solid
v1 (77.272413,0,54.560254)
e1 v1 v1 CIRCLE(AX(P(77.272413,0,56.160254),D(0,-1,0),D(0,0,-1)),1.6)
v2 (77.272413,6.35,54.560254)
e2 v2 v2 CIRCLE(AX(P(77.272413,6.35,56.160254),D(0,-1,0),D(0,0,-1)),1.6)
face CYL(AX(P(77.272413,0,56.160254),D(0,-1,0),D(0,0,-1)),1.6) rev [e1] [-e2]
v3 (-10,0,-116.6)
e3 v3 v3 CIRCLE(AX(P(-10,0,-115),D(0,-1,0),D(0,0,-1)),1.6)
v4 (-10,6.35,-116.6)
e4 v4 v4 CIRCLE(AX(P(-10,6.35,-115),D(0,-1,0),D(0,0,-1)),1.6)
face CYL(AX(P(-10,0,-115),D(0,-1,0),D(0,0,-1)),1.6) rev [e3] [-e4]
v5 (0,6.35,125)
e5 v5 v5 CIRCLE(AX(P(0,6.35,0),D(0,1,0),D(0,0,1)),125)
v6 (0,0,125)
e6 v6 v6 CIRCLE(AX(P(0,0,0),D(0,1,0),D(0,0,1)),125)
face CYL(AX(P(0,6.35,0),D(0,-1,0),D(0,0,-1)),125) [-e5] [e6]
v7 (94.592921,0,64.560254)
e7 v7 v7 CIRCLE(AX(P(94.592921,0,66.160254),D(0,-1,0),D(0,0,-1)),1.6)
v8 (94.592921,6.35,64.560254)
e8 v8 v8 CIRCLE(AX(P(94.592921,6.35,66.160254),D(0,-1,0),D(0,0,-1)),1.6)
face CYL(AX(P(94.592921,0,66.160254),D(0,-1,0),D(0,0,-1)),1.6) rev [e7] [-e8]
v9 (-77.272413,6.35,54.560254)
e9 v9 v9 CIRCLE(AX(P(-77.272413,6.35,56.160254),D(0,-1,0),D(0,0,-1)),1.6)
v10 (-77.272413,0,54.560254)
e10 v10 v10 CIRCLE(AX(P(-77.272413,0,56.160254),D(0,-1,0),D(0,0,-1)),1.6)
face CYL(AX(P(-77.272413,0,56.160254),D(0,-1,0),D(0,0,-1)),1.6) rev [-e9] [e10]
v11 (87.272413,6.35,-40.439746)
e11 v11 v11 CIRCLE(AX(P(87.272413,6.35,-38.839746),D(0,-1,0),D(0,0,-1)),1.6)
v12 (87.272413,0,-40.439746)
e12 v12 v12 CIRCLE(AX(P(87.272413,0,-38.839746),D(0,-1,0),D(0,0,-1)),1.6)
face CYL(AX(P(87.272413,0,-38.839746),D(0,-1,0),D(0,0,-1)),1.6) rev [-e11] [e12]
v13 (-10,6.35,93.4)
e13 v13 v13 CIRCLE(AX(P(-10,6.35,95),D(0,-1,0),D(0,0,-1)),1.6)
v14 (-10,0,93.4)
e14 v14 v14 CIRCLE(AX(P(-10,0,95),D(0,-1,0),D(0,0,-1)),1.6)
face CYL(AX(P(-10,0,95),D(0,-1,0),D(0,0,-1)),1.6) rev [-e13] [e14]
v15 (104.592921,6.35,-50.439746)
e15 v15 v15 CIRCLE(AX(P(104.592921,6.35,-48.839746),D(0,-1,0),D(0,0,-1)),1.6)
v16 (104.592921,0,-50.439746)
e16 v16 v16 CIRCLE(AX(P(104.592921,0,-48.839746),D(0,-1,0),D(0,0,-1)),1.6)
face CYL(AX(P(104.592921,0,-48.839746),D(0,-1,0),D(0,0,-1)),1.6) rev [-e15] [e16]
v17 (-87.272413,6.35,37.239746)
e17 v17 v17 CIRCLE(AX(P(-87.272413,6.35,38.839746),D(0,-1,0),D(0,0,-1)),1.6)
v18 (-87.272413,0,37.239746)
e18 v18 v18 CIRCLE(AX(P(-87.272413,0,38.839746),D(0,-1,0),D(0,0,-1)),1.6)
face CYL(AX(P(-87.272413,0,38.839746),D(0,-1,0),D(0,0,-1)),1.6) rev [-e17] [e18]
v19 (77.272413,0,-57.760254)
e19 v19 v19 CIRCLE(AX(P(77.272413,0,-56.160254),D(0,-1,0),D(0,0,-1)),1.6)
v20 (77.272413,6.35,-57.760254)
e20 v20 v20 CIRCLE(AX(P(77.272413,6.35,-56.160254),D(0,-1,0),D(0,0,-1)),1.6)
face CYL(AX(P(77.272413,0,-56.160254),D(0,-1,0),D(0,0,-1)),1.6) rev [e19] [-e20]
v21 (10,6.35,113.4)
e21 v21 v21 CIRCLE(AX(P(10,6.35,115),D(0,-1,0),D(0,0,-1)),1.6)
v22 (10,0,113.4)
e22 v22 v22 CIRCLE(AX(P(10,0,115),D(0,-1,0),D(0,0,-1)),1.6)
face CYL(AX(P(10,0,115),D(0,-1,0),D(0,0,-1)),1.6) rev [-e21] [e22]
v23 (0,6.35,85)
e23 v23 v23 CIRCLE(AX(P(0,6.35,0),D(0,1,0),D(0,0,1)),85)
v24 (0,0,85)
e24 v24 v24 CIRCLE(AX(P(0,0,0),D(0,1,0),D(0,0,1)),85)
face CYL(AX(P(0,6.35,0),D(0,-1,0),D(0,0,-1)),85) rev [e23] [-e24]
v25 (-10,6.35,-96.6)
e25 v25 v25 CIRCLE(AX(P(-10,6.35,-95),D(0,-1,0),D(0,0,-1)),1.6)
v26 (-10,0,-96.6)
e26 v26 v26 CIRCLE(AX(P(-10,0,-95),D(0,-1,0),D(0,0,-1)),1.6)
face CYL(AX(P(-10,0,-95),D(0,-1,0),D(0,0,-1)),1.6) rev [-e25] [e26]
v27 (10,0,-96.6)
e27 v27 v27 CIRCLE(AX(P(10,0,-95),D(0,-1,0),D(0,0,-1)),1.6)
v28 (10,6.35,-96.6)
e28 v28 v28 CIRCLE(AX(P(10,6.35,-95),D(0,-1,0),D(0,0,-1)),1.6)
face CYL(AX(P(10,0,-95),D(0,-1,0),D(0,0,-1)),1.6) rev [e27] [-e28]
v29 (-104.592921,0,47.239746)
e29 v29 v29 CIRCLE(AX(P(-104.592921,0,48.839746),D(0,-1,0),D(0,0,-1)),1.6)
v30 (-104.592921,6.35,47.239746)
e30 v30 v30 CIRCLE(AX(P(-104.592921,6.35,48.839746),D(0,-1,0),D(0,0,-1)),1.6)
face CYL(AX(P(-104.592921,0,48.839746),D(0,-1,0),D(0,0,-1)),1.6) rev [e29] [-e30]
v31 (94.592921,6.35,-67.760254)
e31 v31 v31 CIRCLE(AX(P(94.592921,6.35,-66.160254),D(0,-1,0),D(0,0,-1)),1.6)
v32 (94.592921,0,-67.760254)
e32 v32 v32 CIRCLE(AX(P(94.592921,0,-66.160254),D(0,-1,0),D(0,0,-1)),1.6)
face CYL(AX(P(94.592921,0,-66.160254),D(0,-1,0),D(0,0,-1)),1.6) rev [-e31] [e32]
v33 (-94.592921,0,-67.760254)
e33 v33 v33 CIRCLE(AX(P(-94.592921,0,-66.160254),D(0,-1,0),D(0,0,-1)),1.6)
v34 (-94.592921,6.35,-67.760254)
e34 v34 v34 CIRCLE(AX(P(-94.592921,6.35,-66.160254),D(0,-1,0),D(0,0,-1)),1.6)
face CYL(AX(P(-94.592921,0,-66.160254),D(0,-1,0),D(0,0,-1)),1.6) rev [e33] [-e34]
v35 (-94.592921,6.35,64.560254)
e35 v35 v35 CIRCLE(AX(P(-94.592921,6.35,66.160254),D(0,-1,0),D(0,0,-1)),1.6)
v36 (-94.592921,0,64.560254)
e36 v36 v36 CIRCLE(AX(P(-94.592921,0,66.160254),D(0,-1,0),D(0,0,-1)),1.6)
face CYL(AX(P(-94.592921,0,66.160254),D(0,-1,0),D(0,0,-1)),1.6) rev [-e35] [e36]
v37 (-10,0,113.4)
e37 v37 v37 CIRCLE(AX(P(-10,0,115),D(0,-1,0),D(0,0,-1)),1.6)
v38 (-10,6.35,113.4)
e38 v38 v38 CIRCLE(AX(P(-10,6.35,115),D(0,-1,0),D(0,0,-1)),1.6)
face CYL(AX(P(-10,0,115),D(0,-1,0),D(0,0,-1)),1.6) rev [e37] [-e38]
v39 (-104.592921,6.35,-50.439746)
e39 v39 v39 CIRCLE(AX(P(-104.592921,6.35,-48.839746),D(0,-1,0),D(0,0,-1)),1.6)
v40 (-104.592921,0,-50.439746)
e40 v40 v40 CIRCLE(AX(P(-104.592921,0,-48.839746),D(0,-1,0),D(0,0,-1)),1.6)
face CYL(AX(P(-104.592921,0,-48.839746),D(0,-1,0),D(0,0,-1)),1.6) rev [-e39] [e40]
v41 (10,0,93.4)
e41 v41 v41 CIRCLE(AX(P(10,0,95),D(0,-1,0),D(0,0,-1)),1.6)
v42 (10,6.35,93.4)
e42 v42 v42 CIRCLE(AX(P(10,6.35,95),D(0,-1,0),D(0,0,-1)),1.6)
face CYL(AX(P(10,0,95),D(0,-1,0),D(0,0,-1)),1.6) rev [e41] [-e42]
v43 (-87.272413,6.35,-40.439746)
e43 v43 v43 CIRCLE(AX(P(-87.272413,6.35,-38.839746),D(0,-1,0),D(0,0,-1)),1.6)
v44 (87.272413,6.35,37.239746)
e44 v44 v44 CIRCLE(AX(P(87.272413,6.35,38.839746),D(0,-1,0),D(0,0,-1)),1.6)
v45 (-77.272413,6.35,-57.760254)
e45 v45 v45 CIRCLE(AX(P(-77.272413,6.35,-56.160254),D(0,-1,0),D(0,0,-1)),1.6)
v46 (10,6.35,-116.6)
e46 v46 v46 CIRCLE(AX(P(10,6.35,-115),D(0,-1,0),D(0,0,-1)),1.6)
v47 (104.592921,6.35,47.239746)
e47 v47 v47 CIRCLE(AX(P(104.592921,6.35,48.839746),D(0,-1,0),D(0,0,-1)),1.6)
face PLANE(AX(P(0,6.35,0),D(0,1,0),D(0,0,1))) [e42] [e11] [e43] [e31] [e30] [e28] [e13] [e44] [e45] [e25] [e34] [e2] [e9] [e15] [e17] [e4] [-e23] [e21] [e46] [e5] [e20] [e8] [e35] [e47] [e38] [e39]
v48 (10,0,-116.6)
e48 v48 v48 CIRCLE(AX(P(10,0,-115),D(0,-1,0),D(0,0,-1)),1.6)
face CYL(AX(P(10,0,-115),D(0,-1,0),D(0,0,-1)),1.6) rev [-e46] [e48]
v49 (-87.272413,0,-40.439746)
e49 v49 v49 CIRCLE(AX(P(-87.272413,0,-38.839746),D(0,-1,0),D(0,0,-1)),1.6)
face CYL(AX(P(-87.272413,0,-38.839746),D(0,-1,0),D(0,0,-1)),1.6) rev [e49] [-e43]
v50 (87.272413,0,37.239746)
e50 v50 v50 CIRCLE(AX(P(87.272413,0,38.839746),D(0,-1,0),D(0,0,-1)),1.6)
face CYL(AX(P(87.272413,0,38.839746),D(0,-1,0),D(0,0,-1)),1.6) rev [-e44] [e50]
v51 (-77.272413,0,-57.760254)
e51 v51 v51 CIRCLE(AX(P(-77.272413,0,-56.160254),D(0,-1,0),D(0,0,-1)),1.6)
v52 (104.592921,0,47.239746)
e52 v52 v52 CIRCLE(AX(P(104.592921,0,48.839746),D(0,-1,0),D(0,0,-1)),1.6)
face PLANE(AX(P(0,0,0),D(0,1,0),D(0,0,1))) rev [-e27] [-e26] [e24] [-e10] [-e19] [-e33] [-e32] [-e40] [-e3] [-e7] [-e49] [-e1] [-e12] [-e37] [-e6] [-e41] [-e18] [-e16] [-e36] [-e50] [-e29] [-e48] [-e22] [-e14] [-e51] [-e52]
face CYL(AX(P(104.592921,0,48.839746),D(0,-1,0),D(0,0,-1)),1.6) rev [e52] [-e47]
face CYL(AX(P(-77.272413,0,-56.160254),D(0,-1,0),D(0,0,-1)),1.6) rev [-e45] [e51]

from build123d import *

# Parameters (mm, degrees)
SKETCH1_R            = 125
BOSS_EXTRUDE1_DEPTH  = 6.35
SKETCH2_R            = 85
CUT_EXTRUDE1_DEPTH   = 177.890707783
M3_CLEARANCE_HOLE1_D = 3.2


with BuildPart() as part:
    # Sketch1 → Boss-Extrude1 (new body)
    with BuildSketch(Plane(origin=(0, 0, 0), x_dir=(1, 0, 0), z_dir=(0, 1, 0))):
        with Locations(Location((0, 0, 0), (0, 0, 270))):
            Circle(SKETCH1_R)
    extrude(amount=BOSS_EXTRUDE1_DEPTH)

    # Sketch2 → Cut-Extrude1 (cut, through all)
    with BuildSketch(Plane(origin=(0, 0, 0), x_dir=(1, 0, 0), z_dir=(0, 1, 0))):
        with Locations(Location((0, 0, 0), (0, 0, 270))):
            Circle(SKETCH2_R)
    extrude(amount=CUT_EXTRUDE1_DEPTH, mode=Mode.SUBTRACT)

    # M3 Clearance Hole1 (through all)
    with Locations(Plane(origin=(0, 0, 0), x_dir=(-1, 0, 0), z_dir=(0, -1, 0))):
        with Locations((10, -95), (-10, -95), (10, -115), (-10, -115), (-77.27241336, -56.160254038), (-87.27241336, -38.839745962), (-94.592921435, -66.160254038), (-104.592921435, -48.839745962), (-87.27241336, 38.839745962), (-77.27241336, 56.160254038), (-104.592921435, 48.839745962), (-94.592921435, 66.160254038), (0, 0), (-10, 95), (10, 95), (-10, 115), (10, 115), (77.27241336, 56.160254038), (87.27241336, 38.839745962), (94.592921435, 66.160254038), (104.592921435, 48.839745962), (87.27241336, -38.839745962), (77.27241336, -56.160254038), (104.592921435, -48.839745962), (94.592921435, -66.160254038)):
            Hole(M3_CLEARANCE_HOLE1_D / 2)


solid = part.part
